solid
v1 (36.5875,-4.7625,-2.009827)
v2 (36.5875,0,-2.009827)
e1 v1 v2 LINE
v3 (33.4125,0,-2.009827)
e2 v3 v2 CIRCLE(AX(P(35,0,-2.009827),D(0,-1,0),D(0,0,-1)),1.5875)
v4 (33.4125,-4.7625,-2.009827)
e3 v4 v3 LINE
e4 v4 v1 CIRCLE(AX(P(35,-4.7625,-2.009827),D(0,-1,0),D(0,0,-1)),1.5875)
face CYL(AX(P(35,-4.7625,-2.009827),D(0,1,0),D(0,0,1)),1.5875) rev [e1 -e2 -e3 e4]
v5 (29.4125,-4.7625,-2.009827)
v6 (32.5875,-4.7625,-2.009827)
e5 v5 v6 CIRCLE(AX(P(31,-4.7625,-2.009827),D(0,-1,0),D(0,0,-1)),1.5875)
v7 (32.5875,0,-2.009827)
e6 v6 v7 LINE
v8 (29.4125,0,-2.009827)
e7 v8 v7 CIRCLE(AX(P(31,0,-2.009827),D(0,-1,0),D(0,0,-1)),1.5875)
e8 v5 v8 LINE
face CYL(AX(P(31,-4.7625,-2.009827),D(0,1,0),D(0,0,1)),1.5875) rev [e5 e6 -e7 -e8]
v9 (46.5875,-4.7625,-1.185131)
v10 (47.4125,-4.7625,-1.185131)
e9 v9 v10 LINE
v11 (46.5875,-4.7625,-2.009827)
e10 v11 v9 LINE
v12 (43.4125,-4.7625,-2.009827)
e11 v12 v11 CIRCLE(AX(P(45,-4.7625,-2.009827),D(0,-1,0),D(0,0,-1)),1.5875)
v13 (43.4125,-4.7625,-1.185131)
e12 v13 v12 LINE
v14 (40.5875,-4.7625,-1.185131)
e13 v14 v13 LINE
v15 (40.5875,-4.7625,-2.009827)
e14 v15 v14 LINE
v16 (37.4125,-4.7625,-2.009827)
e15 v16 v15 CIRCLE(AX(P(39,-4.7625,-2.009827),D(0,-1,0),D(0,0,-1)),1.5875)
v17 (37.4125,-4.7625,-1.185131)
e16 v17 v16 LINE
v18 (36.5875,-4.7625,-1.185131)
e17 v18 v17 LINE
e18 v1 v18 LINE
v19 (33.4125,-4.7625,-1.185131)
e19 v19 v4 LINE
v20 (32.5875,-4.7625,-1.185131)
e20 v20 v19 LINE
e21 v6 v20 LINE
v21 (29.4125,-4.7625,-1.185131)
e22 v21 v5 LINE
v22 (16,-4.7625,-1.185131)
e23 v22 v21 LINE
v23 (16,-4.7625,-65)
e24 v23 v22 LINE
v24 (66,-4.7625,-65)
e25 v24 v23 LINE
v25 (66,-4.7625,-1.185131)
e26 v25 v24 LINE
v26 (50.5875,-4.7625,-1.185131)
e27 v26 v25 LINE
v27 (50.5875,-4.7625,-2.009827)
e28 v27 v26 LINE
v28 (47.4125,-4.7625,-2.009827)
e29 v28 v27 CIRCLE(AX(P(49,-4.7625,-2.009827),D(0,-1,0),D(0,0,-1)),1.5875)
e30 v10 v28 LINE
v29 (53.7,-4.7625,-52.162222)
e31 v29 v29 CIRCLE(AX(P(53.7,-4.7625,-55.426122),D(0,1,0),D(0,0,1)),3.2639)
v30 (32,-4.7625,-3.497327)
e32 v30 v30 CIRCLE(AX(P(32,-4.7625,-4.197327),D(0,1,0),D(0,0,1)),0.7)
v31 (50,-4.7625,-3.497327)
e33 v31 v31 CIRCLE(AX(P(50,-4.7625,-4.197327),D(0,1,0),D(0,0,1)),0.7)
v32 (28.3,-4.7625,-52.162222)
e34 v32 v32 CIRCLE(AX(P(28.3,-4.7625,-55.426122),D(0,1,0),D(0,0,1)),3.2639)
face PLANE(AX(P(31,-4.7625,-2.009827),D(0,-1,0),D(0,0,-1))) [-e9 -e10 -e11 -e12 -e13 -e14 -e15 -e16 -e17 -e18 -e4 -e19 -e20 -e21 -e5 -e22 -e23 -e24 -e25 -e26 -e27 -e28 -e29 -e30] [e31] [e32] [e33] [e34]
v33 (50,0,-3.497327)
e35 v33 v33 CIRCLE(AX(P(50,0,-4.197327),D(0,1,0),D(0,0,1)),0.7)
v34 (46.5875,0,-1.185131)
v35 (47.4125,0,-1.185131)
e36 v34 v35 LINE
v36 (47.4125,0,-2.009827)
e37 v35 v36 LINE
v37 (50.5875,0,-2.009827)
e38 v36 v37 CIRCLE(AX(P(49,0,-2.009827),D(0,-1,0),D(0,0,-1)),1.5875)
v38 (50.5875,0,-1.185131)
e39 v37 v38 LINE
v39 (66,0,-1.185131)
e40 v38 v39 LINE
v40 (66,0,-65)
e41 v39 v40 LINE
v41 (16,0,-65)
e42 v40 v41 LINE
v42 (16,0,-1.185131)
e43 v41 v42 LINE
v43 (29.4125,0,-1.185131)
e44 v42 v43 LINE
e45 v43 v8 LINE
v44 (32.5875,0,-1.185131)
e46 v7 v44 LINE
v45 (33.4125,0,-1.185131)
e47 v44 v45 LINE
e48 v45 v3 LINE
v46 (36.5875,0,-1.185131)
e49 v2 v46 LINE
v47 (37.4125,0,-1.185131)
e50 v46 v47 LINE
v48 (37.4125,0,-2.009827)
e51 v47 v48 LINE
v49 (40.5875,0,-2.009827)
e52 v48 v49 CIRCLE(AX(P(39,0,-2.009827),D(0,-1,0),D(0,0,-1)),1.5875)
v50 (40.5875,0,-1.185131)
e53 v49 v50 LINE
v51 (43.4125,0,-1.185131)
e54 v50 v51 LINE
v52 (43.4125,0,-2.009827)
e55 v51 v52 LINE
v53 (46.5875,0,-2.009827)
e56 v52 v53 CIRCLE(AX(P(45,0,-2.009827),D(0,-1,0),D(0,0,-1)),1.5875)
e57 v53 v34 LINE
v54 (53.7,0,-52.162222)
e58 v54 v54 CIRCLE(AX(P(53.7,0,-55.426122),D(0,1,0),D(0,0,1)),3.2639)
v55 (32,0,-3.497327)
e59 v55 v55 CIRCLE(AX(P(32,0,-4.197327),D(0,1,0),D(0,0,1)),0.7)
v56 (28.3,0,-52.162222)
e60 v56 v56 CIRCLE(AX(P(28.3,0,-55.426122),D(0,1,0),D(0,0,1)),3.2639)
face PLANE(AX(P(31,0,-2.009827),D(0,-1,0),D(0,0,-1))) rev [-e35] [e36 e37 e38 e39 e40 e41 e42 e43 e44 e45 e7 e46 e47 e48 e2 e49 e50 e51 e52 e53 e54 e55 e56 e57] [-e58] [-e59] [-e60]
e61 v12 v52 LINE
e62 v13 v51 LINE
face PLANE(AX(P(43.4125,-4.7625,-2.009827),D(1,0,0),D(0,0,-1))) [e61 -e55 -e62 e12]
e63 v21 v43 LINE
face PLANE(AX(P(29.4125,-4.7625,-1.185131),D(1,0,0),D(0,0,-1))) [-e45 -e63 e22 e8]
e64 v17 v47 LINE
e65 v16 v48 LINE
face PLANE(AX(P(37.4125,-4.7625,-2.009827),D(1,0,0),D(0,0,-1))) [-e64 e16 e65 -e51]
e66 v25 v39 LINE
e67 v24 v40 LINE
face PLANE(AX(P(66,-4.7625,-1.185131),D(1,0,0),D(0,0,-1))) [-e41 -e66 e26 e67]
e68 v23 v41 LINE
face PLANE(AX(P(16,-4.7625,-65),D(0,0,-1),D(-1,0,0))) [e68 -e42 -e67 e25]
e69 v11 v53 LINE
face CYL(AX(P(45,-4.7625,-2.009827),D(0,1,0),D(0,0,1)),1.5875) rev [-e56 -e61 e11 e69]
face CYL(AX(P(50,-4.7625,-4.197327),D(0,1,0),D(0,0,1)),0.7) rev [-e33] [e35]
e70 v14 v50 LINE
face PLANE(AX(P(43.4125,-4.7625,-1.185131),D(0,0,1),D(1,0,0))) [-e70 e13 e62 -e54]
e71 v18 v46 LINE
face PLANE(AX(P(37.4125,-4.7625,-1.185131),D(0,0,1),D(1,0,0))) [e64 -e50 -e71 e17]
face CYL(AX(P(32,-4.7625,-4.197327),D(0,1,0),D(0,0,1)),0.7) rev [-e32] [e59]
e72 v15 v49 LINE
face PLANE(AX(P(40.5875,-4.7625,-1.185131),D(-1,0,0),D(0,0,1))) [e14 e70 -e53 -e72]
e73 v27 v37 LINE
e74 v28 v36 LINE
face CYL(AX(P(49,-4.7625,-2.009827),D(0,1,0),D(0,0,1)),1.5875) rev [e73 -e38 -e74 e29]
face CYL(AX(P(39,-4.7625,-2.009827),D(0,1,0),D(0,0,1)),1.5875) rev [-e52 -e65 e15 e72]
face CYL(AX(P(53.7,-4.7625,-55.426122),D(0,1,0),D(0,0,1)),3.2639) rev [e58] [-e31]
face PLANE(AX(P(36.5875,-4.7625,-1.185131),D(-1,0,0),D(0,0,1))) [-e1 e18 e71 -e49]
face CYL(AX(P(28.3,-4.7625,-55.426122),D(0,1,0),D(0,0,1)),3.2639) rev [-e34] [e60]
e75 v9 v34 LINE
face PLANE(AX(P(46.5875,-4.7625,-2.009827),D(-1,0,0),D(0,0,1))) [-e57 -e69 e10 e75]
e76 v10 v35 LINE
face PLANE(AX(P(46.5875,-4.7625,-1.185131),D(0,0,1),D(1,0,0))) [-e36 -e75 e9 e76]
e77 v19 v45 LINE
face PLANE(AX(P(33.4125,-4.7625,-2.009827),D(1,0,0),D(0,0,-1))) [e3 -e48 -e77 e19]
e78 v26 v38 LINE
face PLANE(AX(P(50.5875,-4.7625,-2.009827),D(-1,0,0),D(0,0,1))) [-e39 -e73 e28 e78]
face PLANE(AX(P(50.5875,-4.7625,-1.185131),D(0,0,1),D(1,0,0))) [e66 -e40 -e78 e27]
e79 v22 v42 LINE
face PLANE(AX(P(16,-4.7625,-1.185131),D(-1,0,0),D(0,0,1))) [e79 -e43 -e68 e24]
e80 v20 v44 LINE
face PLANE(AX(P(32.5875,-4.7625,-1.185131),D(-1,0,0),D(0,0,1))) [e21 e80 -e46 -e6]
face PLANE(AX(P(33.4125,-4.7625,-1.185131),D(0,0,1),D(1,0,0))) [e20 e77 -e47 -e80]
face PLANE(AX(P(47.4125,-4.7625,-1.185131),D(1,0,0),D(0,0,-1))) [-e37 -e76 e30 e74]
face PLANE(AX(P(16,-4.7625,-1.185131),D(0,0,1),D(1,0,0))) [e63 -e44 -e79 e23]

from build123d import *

# Parameters (mm, degrees)
SKETCH1_R           = 0.7
SKETCH1_R_2         = 3.2639
BOSS_EXTRUDE1_DEPTH = 4.7625


with BuildPart() as part:
    # Sketch1 → Boss-Extrude1 (new body)
    with BuildSketch(Plane(origin=(0, 0, 0), x_dir=(1, 0, 0), z_dir=(0, 1, 0))):
        with BuildLine():
            Line((16, 1.185131266), (16, 65))
            Line((16, 65), (66, 65))
            Line((66, 65), (66, 1.185131266))
            Line((66, 1.185131266), (50.5875, 1.185131266))
            Line((50.5875, 1.185131266), (50.5875, 2.009827459))
            ThreePointArc((50.5875, 2.009827459), (49, 3.597327459), (47.4125, 2.009827459))
            Line((47.4125, 2.009827459), (47.4125, 1.185131266))
            Line((47.4125, 1.185131266), (46.5875, 1.185131266))
            Line((46.5875, 1.185131266), (46.5875, 2.009827459))
            ThreePointArc((46.5875, 2.009827459), (45, 3.597327459), (43.4125, 2.009827459))
            Line((43.4125, 2.009827459), (43.4125, 1.185131266))
            Line((43.4125, 1.185131266), (40.5875, 1.185131266))
            Line((40.5875, 1.185131266), (40.5875, 2.009827459))
            ThreePointArc((40.5875, 2.009827459), (39, 3.597327459), (37.4125, 2.009827459))
            Line((37.4125, 2.009827459), (37.4125, 1.185131266))
            Line((37.4125, 1.185131266), (36.5875, 1.185131266))
            Line((36.5875, 1.185131266), (36.5875, 2.009827459))
            ThreePointArc((36.5875, 2.009827459), (35, 3.597327459), (33.4125, 2.009827459))
            Line((33.4125, 2.009827459), (33.4125, 1.185131266))
            Line((33.4125, 1.185131266), (32.5875, 1.185131266))
            Line((32.5875, 1.185131266), (32.5875, 2.009827459))
            ThreePointArc((32.5875, 2.009827459), (31, 3.597327459), (29.4125, 2.009827459))
            Line((29.4125, 2.009827459), (29.4125, 1.185131266))
            Line((29.4125, 1.185131266), (16, 1.185131266))
        make_face()
        with Locations((32, 4.197327459)):
            Circle(SKETCH1_R, mode=Mode.SUBTRACT)
        with Locations((53.7, 55.426122104)):
            Circle(SKETCH1_R_2, mode=Mode.SUBTRACT)
        with Locations((28.3, 55.426122104)):
            Circle(SKETCH1_R_2, mode=Mode.SUBTRACT)
        with Locations((50, 4.197327459)):
            Circle(SKETCH1_R, mode=Mode.SUBTRACT)
    extrude(amount=-BOSS_EXTRUDE1_DEPTH)


solid = part.part
